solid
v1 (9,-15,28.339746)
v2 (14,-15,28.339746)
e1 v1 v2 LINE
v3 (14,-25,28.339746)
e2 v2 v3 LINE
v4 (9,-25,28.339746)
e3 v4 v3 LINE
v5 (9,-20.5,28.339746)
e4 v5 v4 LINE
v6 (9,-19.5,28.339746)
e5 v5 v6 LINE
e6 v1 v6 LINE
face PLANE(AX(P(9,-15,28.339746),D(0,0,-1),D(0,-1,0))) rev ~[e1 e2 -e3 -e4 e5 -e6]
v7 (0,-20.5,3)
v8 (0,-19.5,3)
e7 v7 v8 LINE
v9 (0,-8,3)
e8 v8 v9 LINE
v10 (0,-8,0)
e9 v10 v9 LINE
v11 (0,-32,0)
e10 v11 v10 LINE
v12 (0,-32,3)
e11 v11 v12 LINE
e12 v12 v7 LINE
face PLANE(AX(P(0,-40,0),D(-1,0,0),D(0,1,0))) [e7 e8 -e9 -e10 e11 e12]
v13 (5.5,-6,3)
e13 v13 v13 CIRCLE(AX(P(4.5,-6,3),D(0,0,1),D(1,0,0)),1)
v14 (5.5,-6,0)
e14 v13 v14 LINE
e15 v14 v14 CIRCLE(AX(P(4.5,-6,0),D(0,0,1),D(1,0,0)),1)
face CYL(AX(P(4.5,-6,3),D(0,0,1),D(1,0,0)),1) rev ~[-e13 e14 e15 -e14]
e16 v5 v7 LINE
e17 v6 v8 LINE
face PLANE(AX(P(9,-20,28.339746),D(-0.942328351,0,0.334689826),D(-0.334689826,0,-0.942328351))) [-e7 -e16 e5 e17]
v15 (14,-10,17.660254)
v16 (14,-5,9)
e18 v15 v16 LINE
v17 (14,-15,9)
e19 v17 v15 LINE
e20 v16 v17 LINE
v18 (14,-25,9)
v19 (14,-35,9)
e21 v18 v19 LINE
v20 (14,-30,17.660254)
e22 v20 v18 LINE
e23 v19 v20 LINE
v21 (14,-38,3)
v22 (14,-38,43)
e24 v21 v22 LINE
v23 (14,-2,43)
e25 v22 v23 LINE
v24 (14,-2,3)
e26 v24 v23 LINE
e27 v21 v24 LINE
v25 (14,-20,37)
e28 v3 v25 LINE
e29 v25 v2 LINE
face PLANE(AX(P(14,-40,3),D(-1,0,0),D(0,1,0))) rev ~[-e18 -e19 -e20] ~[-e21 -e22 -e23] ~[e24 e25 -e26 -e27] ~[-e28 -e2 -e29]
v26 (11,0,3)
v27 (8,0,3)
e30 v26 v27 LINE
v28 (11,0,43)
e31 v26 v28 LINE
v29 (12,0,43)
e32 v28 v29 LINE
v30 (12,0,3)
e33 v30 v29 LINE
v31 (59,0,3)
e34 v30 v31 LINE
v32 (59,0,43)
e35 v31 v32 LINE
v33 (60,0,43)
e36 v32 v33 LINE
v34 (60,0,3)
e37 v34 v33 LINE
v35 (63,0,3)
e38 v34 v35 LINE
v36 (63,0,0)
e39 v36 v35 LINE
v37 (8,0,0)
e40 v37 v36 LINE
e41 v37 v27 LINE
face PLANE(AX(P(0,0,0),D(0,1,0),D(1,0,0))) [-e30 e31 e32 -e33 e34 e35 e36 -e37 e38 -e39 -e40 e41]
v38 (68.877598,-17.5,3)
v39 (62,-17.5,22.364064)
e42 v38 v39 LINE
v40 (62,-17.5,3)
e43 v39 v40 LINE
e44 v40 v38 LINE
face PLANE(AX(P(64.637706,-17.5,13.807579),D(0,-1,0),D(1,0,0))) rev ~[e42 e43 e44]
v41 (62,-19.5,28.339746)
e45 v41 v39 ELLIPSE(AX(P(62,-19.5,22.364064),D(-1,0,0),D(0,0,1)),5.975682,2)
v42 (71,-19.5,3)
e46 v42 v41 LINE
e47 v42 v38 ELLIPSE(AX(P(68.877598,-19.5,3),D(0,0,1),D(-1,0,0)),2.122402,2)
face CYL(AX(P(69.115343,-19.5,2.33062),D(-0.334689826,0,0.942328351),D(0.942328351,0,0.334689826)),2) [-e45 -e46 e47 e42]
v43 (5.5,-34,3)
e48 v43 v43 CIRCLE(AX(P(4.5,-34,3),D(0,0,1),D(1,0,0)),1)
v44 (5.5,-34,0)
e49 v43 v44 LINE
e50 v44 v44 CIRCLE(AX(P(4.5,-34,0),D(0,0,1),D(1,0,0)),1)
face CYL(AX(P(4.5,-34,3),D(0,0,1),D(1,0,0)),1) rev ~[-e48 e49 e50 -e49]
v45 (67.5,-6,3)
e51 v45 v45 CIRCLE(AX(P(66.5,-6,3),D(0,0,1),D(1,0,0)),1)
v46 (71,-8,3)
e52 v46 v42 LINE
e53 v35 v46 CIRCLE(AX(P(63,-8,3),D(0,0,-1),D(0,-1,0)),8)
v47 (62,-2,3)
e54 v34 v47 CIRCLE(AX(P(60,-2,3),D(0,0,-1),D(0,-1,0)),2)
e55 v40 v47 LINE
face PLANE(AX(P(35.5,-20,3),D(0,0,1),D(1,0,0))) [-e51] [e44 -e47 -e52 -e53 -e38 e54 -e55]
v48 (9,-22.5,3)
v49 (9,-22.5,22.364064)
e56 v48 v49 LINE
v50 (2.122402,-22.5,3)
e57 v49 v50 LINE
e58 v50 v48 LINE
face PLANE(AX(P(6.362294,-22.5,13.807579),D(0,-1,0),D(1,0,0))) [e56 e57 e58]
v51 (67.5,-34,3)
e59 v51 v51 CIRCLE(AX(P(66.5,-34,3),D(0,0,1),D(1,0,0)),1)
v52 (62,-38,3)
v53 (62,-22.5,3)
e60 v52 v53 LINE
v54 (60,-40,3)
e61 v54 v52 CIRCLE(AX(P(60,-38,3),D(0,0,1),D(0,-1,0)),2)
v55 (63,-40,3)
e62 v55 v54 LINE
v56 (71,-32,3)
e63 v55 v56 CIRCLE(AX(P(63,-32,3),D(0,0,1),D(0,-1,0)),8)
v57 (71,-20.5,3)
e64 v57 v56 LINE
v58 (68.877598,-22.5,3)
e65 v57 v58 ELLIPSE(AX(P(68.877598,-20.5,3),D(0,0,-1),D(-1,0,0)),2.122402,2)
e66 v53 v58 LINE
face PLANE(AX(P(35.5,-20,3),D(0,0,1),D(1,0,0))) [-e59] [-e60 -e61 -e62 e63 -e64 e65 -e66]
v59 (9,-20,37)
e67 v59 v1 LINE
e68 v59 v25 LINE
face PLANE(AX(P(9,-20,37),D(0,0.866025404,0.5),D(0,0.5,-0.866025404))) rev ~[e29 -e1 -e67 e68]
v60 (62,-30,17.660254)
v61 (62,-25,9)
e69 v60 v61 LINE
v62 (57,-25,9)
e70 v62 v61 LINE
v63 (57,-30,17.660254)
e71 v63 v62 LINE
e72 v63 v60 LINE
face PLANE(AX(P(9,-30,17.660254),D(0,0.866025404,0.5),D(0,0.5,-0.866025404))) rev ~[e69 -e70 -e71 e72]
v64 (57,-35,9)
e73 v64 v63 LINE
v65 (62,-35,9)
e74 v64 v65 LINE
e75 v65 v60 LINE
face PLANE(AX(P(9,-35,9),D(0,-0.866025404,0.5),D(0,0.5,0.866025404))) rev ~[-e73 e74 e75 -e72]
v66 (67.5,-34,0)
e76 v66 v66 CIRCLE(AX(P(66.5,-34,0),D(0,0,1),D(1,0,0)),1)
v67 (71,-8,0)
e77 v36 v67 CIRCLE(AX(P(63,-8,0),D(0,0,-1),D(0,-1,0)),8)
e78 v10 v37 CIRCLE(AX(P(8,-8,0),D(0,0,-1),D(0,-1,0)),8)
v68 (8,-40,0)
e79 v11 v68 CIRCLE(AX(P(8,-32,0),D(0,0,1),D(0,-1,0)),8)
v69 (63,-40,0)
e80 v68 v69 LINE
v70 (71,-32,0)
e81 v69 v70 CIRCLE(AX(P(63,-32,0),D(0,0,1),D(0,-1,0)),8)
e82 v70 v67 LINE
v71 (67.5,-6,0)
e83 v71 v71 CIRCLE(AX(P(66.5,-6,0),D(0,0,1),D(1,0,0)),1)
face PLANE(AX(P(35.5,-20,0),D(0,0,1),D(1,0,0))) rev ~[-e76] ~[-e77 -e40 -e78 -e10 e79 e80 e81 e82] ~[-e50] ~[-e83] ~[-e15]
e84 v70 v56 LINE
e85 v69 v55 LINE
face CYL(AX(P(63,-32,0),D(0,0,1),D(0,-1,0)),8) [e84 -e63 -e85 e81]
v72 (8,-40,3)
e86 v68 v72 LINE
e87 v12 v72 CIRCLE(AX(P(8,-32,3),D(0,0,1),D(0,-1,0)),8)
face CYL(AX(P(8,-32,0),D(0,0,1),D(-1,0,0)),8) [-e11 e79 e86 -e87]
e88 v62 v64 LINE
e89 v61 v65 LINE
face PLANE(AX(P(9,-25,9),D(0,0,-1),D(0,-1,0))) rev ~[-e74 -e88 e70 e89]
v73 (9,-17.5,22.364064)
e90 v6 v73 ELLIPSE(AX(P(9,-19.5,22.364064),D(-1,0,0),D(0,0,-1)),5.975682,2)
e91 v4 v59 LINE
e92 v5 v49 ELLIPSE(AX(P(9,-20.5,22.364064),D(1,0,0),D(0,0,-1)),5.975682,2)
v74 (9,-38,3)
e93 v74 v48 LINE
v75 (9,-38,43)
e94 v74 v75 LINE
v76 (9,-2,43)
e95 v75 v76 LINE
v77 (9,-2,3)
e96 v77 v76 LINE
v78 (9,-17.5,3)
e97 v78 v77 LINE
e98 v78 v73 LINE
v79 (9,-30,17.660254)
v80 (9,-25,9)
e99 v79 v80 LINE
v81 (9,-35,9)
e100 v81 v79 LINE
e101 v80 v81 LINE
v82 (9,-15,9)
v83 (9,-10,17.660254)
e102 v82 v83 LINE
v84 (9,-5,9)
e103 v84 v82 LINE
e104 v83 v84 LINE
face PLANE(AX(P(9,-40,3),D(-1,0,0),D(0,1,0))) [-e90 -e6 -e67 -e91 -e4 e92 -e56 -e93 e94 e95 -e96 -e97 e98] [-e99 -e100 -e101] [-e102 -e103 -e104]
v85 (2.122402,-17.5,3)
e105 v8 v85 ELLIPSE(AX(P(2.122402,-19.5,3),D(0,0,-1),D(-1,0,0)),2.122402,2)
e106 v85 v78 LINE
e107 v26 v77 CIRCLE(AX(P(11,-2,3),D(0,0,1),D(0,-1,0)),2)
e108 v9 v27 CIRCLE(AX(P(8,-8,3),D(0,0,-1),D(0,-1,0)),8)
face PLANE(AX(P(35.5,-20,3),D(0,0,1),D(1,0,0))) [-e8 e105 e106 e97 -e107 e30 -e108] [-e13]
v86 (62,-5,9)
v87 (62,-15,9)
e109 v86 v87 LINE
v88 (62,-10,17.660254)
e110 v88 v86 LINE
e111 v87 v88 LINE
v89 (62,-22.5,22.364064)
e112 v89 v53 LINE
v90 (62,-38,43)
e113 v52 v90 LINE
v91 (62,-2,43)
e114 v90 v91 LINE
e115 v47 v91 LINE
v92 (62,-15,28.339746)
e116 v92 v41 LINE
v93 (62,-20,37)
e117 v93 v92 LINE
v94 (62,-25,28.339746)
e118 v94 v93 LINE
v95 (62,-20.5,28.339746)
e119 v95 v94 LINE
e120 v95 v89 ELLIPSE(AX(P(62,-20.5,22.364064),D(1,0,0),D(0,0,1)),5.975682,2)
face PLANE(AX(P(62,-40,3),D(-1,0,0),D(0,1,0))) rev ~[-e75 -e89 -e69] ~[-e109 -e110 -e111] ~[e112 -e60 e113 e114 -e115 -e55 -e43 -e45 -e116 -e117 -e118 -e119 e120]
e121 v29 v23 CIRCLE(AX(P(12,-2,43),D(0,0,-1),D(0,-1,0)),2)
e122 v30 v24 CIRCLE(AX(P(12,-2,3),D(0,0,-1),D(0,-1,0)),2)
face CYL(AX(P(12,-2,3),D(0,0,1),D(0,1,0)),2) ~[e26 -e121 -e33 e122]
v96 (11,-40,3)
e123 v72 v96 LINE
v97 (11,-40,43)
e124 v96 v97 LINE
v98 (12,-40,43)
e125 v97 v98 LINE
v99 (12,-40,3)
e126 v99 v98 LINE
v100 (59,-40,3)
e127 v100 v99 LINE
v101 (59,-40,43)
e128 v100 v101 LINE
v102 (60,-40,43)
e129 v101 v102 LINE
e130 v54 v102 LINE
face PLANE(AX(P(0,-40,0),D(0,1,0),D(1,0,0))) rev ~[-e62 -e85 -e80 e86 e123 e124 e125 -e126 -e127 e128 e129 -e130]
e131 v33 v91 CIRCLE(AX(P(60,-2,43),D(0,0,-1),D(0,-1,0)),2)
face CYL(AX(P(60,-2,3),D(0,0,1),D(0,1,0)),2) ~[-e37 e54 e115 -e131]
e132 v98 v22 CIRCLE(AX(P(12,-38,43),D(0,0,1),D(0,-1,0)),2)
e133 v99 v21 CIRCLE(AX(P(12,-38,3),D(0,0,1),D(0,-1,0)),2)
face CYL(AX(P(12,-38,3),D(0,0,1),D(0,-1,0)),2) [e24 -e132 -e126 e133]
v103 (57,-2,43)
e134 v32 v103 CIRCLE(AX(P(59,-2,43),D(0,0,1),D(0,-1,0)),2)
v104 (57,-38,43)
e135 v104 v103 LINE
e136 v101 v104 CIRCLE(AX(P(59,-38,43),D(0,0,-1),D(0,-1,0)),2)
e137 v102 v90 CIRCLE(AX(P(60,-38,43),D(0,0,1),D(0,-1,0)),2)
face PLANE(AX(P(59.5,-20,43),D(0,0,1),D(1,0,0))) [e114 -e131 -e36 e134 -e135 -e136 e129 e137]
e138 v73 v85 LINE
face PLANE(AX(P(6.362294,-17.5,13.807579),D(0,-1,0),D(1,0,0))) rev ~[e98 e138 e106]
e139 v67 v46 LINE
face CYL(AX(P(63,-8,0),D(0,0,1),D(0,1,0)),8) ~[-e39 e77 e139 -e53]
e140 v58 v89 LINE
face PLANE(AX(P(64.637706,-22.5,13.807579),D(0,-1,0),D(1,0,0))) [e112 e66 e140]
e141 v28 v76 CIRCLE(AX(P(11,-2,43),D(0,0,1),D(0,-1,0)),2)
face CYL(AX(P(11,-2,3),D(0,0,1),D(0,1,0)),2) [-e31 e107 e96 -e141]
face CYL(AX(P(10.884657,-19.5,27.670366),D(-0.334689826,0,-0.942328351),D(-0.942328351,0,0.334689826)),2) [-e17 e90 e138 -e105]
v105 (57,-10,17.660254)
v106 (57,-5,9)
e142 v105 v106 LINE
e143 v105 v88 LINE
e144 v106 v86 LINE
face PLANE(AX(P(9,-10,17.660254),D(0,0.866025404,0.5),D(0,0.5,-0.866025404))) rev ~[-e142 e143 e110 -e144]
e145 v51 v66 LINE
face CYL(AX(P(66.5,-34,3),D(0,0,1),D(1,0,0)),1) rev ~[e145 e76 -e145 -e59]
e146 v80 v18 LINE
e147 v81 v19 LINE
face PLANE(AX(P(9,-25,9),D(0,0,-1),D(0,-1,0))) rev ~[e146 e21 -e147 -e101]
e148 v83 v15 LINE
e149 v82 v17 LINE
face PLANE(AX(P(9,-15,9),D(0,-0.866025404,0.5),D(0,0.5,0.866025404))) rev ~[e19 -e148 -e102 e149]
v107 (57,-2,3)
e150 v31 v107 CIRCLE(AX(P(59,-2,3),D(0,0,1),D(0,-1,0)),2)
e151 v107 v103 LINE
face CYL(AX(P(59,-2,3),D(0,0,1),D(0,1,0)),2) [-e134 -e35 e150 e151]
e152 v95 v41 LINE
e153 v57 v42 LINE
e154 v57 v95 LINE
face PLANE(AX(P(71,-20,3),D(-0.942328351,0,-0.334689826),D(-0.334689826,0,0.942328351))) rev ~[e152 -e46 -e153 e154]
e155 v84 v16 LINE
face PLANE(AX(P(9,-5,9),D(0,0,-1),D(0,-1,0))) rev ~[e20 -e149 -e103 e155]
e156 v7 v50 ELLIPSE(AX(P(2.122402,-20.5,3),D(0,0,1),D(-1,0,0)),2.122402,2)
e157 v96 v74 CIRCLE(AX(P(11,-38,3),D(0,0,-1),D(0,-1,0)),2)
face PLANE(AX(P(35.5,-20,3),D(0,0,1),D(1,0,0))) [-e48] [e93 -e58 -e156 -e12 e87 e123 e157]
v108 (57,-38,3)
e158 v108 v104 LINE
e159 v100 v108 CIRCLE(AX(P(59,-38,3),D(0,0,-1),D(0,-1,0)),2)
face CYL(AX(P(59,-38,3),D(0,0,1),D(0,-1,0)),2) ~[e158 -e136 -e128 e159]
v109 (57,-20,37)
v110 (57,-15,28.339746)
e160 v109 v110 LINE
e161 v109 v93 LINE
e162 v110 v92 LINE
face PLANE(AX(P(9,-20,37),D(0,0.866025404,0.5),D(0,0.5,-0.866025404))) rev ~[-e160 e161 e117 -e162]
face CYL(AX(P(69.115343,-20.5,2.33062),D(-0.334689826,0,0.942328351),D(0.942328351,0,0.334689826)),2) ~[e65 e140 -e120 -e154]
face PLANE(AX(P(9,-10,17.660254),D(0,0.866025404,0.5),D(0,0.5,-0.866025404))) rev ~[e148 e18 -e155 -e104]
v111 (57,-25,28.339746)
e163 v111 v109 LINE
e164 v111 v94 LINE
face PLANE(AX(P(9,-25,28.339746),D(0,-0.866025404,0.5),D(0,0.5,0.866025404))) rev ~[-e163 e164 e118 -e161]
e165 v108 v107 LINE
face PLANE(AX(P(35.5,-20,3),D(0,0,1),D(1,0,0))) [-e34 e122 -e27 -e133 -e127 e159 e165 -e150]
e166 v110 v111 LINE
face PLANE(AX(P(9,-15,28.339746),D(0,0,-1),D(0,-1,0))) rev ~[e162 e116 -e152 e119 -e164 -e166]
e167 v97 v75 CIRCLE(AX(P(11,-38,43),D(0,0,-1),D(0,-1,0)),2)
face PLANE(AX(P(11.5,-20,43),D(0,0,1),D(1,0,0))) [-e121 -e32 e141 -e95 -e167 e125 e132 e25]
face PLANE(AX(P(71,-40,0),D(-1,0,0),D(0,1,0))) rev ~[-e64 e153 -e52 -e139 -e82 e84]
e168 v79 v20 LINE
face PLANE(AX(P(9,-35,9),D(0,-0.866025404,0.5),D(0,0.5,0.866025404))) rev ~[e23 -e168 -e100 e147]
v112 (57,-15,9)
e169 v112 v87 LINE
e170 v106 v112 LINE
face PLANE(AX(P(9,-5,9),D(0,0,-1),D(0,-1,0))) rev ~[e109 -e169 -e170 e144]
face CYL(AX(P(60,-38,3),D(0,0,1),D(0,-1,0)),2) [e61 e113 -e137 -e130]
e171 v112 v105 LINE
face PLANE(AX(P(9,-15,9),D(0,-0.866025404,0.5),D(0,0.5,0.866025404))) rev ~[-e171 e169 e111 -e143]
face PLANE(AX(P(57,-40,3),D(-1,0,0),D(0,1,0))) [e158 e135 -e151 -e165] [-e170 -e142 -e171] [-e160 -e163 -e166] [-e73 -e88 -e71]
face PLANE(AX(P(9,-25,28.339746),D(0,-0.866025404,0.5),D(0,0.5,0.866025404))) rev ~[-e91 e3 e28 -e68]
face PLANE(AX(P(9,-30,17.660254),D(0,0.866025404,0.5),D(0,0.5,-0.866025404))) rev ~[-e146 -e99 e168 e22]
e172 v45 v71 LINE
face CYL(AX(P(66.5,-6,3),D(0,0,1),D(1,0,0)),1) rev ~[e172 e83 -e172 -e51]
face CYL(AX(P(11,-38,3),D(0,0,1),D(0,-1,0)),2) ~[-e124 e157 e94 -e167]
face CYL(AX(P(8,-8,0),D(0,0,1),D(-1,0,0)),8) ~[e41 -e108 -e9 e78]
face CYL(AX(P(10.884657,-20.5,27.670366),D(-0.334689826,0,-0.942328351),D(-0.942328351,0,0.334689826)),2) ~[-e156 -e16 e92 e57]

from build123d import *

# Parameters (mm, degrees)
F0_W      = 71
F0_H      = 40
F1_DEPTH  = 3
F2_W      = 5
F2_H      = 40
F3_DEPTH  = 40
F4_R      = 1
F5_DEPTH  = 3.001
F7_DEPTH  = 62.001
F13_DEPTH = 2.5
F14_R     = 8
F15_R     = 2


with BuildPart() as f1:
    # F0 (on Top) → F1 (new body)
    with BuildSketch(Plane.XY):
        with Locations((35.5, -20)):
            Rectangle(F0_W, F0_H)
    extrude(amount=F1_DEPTH)

    # F2 (on face) → F3 (join)
    with BuildSketch(Plane.XY.offset(3)):
        with Locations((11.5, -20)):
            Rectangle(F2_W, F2_H)
        with Locations((59.5, -20)):
            Rectangle(F2_W, F2_H)
    extrude(amount=F3_DEPTH)

    # F4 (on face) → F5 (cut, through all)
    with BuildSketch(Plane.XY.offset(3)):
        with Locations((4.5, -6)):
            Circle(F4_R)
        with Locations((4.5, -34)):
            Circle(F4_R)
        with Locations((66.5, -6)):
            Circle(F4_R)
        with Locations((66.5, -34)):
            Circle(F4_R)
    extrude(amount=-F5_DEPTH, mode=Mode.SUBTRACT)

    # F6 (on face) → F7 (cut, through all)
    with BuildSketch(Plane(origin=(9, 0, 0), x_dir=(0, -1, 0), z_dir=(-1, 0, 0))):
        Polygon((10, 17.6602540378), (5, 9), (15, 9), align=None)
        Polygon((25, 28.3397459622), (20, 37), (15, 28.3397459622), align=None)
        Polygon((35, 9), (30, 17.6602540378), (25, 9), align=None)
    extrude(amount=-F7_DEPTH, mode=Mode.SUBTRACT)

    # F12 (on 3pt) → F13 (join, symmetric)
    with BuildSketch(Plane.XZ.offset(20)):
        Polygon((62, 28.3397459622), (62, 3), (71, 3), align=None)
        Polygon((0, 3), (9, 3), (9, 28.3397459622), align=None)
    extrude(amount=F13_DEPTH, both=True)

    # F14
    f14_edges = [f1.edges().sort_by_distance(p)[0] for p in [
        (71, 0, 1.5),
        (0, 0, 1.5),
        (71, -40, 1.5),
        (0, -40, 1.5),
    ]]
    fillet(f14_edges, radius=F14_R)

    # F15
    f15_edges = [f1.edges().sort_by_distance(p)[0] for p in [
        (9, -40, 23),
        (9, 0, 23),
        (62, -40, 23),
        (62, 0, 23),
        (4.5, -17.5, 15.669873),
        (4.5, -22.5, 15.669873),
        (66.5, -17.5, 15.669873),
        (66.5, -22.5, 15.669873),
        (57, 0, 23),
        (14, 0, 23),
        (57, -40, 23),
        (14, -40, 23),
    ]]
    fillet(f15_edges, radius=F15_R)


solid = f1.part
